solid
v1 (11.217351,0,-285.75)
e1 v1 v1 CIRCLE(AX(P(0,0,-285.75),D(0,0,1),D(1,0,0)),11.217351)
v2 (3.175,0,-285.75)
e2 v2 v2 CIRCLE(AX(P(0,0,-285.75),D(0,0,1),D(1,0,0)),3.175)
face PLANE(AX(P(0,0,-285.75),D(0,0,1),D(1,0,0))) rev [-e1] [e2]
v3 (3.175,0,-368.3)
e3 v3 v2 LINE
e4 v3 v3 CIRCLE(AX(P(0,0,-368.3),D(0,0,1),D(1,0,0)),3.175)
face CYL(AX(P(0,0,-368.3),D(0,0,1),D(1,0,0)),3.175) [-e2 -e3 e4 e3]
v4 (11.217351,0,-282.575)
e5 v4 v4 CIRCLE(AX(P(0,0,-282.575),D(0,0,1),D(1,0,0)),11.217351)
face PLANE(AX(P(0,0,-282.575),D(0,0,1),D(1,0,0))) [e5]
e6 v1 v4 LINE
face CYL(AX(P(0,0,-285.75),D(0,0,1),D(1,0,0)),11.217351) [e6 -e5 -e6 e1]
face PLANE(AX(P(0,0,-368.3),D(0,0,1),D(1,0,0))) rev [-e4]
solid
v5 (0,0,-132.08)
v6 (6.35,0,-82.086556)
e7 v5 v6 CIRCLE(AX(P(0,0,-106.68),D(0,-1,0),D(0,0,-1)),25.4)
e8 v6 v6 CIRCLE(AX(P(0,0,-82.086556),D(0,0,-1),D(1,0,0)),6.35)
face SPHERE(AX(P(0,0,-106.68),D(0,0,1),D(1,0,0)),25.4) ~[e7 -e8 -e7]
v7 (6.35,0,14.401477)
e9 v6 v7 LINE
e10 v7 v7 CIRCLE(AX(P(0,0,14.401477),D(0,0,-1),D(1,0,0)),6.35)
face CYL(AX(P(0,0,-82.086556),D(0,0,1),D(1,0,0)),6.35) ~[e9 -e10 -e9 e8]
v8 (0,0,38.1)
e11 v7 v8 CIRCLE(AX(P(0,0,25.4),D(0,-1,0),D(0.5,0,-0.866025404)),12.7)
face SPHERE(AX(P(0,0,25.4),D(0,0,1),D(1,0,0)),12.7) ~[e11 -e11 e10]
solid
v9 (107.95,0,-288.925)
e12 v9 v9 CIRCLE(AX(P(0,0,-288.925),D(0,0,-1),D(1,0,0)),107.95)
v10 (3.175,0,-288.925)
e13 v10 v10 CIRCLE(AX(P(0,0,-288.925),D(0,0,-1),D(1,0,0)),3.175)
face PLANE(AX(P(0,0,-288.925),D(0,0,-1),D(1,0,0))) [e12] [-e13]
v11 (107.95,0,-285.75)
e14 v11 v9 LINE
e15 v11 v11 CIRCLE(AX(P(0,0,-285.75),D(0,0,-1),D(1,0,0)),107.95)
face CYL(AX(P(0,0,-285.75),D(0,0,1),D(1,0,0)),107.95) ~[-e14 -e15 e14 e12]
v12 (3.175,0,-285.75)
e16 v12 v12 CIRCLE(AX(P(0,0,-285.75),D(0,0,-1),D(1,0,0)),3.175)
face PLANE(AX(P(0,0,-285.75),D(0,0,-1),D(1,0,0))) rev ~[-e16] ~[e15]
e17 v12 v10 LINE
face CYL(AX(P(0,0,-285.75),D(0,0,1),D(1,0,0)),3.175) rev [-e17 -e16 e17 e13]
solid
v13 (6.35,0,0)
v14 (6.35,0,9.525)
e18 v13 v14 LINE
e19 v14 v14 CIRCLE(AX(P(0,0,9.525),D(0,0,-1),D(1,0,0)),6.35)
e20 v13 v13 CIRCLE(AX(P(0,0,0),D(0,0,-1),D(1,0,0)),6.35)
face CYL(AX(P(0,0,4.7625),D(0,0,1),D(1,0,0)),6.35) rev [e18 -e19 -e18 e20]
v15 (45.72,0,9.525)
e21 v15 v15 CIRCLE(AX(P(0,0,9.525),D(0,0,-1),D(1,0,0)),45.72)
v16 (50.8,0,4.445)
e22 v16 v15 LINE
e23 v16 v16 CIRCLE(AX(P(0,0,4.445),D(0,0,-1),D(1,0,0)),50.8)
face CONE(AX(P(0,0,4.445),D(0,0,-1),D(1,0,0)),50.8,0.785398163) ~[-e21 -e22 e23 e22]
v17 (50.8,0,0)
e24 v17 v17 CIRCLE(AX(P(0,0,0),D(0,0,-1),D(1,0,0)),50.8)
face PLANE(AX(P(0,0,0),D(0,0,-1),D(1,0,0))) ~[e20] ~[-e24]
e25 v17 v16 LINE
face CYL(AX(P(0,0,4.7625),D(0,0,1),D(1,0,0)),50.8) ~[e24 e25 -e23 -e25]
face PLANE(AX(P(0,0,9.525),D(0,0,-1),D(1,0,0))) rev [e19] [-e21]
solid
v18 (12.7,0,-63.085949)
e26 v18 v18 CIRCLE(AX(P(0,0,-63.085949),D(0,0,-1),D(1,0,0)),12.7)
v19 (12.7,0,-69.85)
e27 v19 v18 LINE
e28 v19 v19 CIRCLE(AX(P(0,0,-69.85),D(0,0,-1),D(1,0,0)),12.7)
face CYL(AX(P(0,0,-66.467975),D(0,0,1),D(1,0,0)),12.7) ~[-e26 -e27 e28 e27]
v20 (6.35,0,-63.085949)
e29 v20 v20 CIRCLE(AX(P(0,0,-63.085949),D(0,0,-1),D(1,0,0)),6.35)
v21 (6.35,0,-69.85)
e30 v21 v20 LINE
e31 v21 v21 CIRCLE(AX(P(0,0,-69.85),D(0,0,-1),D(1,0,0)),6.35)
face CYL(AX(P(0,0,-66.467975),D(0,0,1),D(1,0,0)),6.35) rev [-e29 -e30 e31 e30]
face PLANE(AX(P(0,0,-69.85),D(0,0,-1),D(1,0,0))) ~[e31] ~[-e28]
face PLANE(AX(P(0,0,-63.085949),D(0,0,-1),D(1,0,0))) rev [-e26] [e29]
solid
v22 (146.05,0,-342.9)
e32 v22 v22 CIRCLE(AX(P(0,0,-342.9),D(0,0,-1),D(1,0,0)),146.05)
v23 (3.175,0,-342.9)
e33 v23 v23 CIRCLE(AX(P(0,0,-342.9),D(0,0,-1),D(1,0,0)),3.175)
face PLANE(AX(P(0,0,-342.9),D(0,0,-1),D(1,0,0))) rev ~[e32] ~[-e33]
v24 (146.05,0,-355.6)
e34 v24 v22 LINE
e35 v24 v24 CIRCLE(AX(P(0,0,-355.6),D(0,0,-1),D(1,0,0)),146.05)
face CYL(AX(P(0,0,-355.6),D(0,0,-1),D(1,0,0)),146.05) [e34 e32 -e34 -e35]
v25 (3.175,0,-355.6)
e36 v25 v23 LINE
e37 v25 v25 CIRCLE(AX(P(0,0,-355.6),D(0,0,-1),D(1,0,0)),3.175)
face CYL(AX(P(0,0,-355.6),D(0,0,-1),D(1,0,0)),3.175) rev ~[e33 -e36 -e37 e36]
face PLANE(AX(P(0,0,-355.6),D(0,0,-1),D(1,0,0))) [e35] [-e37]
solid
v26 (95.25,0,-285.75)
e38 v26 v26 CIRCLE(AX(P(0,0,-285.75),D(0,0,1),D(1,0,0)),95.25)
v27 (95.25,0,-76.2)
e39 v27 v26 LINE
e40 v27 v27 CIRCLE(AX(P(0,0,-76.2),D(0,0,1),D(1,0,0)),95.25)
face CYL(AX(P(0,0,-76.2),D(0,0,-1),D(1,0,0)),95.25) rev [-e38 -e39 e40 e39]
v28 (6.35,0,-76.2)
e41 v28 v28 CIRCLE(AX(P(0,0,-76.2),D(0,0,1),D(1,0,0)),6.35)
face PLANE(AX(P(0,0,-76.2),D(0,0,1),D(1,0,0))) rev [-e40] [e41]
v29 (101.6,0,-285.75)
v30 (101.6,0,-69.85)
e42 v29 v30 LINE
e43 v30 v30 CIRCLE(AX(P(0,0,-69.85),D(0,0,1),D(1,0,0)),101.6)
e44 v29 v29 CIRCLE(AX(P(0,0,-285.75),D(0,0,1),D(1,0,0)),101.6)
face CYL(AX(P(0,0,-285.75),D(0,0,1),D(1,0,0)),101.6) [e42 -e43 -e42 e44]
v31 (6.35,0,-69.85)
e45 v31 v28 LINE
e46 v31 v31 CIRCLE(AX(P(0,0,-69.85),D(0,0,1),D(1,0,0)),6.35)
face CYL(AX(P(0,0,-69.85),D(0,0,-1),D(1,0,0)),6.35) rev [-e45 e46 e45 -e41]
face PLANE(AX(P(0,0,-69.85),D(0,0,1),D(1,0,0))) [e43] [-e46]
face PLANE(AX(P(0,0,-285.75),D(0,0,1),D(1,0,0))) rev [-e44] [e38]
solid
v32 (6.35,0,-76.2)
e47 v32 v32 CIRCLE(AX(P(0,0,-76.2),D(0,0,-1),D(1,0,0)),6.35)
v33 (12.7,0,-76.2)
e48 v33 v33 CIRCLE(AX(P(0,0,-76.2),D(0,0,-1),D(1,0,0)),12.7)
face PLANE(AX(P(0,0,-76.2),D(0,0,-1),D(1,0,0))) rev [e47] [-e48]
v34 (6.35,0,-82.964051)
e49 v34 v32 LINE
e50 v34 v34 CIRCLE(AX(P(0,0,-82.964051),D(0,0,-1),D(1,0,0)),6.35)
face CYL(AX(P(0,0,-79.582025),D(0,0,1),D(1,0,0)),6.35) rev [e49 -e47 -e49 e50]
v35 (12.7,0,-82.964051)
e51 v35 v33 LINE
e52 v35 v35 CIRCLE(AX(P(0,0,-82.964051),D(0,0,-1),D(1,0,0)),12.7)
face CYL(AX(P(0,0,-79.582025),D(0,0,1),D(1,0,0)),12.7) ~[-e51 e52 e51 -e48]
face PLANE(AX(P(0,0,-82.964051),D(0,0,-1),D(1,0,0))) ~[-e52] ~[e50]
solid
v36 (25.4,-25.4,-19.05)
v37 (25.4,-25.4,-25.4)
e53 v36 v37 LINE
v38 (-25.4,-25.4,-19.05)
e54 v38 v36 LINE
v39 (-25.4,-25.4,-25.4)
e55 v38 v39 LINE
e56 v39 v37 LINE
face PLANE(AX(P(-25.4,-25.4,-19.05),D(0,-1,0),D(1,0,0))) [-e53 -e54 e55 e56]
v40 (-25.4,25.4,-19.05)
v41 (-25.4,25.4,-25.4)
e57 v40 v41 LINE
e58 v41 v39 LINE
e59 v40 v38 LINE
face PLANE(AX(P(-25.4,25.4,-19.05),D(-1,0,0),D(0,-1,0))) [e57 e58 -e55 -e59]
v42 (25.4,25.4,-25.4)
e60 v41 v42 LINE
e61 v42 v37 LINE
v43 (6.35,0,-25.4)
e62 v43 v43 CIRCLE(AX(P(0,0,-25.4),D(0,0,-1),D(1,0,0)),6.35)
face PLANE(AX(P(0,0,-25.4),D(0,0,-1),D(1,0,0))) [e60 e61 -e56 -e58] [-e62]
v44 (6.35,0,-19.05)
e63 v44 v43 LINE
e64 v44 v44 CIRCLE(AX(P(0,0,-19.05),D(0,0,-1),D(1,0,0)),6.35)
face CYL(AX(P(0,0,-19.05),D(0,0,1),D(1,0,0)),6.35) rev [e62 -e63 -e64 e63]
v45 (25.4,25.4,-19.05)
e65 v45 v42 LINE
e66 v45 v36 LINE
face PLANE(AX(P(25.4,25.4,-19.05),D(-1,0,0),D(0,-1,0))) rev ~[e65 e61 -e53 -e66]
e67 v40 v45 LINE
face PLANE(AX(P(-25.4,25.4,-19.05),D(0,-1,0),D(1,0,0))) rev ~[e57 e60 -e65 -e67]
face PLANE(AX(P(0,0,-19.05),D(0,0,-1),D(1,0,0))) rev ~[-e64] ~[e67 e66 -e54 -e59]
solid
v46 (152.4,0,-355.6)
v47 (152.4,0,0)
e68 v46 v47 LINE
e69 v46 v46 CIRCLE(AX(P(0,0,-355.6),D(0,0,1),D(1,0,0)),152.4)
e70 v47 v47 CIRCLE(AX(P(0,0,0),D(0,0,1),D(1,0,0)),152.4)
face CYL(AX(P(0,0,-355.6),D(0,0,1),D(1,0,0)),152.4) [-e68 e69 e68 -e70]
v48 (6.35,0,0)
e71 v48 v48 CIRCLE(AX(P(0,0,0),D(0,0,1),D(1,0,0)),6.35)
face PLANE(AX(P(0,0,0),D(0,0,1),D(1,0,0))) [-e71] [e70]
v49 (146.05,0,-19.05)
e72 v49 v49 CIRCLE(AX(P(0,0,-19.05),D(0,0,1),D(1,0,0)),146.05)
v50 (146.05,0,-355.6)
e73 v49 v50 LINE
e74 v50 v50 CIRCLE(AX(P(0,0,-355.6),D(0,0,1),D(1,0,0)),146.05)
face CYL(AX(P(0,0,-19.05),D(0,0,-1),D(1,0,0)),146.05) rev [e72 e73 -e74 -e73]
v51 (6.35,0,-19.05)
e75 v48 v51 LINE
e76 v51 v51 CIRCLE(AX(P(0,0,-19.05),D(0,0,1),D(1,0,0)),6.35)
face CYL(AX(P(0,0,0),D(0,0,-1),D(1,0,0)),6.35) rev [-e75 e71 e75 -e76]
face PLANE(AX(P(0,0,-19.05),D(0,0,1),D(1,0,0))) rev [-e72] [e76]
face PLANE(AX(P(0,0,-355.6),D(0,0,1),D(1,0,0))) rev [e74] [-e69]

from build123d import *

# Parameters (mm, degrees)
F2_W      = 44.45
F2_H      = 9.525
F8_W      = 6.35
F8_H      = 6.7640505731
F10_R     = 107.95
F10_R_2   = 101.6
F10_R_3   = 95.25
F10_R_4   = 3.175
F11_DEPTH = 3.175
F12_SIZE  = 5.08
F15_W     = 50.8
F15_H     = 50.8
F15_R     = 6.35
F16_DEPTH = 6.35
F17_R     = 146.05
F17_R_2   = 3.175
F18_DEPTH = 12.7


with BuildPart() as f1:
    # F0 (on Front) → F1 (revolve)
    with BuildSketch(Plane.XZ):
        Polygon((152.4, 0), (6.35, 0), (6.35, -19.05), (146.05, -19.05), (146.05, -349.25), (146.05, -355.6), (152.4, -355.6), align=None)
    revolve(axis=Axis((0, 0, -377.825), (0, 0, 1)))


with BuildPart() as f3:
    # F2 (on Front) → F3 (revolve)
    with BuildSketch(Plane.XZ):
        with Locations((28.575, 4.7625)):
            Rectangle(F2_W, F2_H)
    revolve(axis=Axis((0, 0, 6.35), (0, 0, -1)))

    # F12
    f12_edges = [f3.edges().sort_by_distance(p)[0] for p in [
        (-50.8, 0, 9.525),
    ]]
    chamfer(f12_edges, length=F12_SIZE)


with BuildPart() as f5:
    # F4 (on Front) → F5 (revolve)
    with BuildSketch(Plane.XZ):
        with BuildLine():
            Line((6.35, 0), (0, 0))
            Line((0, 0), (0, -81.28))
            Line((0, -81.28), (0, -132.08))
            ThreePointArc((0, -132.08), (25.1975542852, -109.8805090291), (6.35, -82.0865557516))
            Line((6.35, -82.0865557516), (6.35, 0))
        make_face()
        with BuildLine():
            Line((0, 38.1), (0, 0))
            Line((0, 0), (6.35, 0))
            Line((6.35, 0), (6.35, 14.4014773719))
            ThreePointArc((6.35, 14.4014773719), (12.2672579939, 28.6870018728), (0, 38.1))
        make_face()
    revolve(axis=Axis((0, 0, -40.64), (0, 0, -1)))


with BuildPart() as f7:
    # F6 (on Front) → F7 (revolve)
    with BuildSketch(Plane.XZ):
        Polygon((101.6, -69.85), (6.35, -69.85), (6.35, -76.2), (95.25, -76.2), (95.25, -285.75), (101.6, -285.75), align=None)
    revolve(axis=Axis((0, 0, -73.025), (0, 0, 1)))


with BuildPart() as f9:
    # F8 (on Front) → F9 (revolve)
    with BuildSketch(Plane.XZ):
        with Locations((9.525, -66.4679747134)):
            Rectangle(F8_W, F8_H)
    revolve(axis=Axis((0, 0, -73.778109625), (0, 0, -1)))


with BuildPart() as f9b:
    # F8 (on Front) → F9, piece 2 (revolve)
    with BuildSketch(Plane.XZ):
        with Locations((9.525, -79.5820252866)):
            Rectangle(F8_W, F8_H)
    revolve(axis=Axis((0, 0, -73.778109625), (0, 0, -1)))


with BuildPart() as f11:
    # F10 (on face) → F11 (new body)
    with BuildSketch(Plane(origin=(0, 0, -285.75), x_dir=(1, 0, 0), z_dir=(0, 0, -1))):
        Circle(F10_R)
        Circle(F10_R_2, mode=Mode.SUBTRACT)
        Circle(F10_R_2)
        Circle(F10_R_3, mode=Mode.SUBTRACT)
        Circle(F10_R_3)
        Circle(F10_R_4, mode=Mode.SUBTRACT)
    extrude(amount=F11_DEPTH)


with BuildPart() as f14:
    # F13 (on Front) → F14 (revolve)
    with BuildSketch(Plane.XZ):
        Polygon((11.2173510715, -282.575), (0, -282.575), (0, -368.3), (3.175, -368.3), (3.175, -285.75), (11.2173510715, -285.75), align=None)
    revolve(axis=Axis((0, 0, -325.4375), (0, 0, 1)))


with BuildPart() as f16:
    # F15 (on face) → F16 (new body)
    with BuildSketch(Plane(origin=(0, 0, -19.05), x_dir=(1, 0, 0), z_dir=(0, 0, -1))):
        Rectangle(F15_W, F15_H)
        Circle(F15_R, mode=Mode.SUBTRACT)
    extrude(amount=F16_DEPTH)


with BuildPart() as f18:
    # F17 (on face) → F18 (new body)
    with BuildSketch(Plane(origin=(0, 0, -355.6), x_dir=(1, 0, 0), z_dir=(0, 0, -1))):
        Circle(F17_R)
        Circle(F17_R_2, mode=Mode.SUBTRACT)
    extrude(amount=-F18_DEPTH)


solid = Compound([f1.part, f3.part, f5.part, f7.part, f9.part, f9b.part, f11.part, f14.part, f16.part, f18.part])
